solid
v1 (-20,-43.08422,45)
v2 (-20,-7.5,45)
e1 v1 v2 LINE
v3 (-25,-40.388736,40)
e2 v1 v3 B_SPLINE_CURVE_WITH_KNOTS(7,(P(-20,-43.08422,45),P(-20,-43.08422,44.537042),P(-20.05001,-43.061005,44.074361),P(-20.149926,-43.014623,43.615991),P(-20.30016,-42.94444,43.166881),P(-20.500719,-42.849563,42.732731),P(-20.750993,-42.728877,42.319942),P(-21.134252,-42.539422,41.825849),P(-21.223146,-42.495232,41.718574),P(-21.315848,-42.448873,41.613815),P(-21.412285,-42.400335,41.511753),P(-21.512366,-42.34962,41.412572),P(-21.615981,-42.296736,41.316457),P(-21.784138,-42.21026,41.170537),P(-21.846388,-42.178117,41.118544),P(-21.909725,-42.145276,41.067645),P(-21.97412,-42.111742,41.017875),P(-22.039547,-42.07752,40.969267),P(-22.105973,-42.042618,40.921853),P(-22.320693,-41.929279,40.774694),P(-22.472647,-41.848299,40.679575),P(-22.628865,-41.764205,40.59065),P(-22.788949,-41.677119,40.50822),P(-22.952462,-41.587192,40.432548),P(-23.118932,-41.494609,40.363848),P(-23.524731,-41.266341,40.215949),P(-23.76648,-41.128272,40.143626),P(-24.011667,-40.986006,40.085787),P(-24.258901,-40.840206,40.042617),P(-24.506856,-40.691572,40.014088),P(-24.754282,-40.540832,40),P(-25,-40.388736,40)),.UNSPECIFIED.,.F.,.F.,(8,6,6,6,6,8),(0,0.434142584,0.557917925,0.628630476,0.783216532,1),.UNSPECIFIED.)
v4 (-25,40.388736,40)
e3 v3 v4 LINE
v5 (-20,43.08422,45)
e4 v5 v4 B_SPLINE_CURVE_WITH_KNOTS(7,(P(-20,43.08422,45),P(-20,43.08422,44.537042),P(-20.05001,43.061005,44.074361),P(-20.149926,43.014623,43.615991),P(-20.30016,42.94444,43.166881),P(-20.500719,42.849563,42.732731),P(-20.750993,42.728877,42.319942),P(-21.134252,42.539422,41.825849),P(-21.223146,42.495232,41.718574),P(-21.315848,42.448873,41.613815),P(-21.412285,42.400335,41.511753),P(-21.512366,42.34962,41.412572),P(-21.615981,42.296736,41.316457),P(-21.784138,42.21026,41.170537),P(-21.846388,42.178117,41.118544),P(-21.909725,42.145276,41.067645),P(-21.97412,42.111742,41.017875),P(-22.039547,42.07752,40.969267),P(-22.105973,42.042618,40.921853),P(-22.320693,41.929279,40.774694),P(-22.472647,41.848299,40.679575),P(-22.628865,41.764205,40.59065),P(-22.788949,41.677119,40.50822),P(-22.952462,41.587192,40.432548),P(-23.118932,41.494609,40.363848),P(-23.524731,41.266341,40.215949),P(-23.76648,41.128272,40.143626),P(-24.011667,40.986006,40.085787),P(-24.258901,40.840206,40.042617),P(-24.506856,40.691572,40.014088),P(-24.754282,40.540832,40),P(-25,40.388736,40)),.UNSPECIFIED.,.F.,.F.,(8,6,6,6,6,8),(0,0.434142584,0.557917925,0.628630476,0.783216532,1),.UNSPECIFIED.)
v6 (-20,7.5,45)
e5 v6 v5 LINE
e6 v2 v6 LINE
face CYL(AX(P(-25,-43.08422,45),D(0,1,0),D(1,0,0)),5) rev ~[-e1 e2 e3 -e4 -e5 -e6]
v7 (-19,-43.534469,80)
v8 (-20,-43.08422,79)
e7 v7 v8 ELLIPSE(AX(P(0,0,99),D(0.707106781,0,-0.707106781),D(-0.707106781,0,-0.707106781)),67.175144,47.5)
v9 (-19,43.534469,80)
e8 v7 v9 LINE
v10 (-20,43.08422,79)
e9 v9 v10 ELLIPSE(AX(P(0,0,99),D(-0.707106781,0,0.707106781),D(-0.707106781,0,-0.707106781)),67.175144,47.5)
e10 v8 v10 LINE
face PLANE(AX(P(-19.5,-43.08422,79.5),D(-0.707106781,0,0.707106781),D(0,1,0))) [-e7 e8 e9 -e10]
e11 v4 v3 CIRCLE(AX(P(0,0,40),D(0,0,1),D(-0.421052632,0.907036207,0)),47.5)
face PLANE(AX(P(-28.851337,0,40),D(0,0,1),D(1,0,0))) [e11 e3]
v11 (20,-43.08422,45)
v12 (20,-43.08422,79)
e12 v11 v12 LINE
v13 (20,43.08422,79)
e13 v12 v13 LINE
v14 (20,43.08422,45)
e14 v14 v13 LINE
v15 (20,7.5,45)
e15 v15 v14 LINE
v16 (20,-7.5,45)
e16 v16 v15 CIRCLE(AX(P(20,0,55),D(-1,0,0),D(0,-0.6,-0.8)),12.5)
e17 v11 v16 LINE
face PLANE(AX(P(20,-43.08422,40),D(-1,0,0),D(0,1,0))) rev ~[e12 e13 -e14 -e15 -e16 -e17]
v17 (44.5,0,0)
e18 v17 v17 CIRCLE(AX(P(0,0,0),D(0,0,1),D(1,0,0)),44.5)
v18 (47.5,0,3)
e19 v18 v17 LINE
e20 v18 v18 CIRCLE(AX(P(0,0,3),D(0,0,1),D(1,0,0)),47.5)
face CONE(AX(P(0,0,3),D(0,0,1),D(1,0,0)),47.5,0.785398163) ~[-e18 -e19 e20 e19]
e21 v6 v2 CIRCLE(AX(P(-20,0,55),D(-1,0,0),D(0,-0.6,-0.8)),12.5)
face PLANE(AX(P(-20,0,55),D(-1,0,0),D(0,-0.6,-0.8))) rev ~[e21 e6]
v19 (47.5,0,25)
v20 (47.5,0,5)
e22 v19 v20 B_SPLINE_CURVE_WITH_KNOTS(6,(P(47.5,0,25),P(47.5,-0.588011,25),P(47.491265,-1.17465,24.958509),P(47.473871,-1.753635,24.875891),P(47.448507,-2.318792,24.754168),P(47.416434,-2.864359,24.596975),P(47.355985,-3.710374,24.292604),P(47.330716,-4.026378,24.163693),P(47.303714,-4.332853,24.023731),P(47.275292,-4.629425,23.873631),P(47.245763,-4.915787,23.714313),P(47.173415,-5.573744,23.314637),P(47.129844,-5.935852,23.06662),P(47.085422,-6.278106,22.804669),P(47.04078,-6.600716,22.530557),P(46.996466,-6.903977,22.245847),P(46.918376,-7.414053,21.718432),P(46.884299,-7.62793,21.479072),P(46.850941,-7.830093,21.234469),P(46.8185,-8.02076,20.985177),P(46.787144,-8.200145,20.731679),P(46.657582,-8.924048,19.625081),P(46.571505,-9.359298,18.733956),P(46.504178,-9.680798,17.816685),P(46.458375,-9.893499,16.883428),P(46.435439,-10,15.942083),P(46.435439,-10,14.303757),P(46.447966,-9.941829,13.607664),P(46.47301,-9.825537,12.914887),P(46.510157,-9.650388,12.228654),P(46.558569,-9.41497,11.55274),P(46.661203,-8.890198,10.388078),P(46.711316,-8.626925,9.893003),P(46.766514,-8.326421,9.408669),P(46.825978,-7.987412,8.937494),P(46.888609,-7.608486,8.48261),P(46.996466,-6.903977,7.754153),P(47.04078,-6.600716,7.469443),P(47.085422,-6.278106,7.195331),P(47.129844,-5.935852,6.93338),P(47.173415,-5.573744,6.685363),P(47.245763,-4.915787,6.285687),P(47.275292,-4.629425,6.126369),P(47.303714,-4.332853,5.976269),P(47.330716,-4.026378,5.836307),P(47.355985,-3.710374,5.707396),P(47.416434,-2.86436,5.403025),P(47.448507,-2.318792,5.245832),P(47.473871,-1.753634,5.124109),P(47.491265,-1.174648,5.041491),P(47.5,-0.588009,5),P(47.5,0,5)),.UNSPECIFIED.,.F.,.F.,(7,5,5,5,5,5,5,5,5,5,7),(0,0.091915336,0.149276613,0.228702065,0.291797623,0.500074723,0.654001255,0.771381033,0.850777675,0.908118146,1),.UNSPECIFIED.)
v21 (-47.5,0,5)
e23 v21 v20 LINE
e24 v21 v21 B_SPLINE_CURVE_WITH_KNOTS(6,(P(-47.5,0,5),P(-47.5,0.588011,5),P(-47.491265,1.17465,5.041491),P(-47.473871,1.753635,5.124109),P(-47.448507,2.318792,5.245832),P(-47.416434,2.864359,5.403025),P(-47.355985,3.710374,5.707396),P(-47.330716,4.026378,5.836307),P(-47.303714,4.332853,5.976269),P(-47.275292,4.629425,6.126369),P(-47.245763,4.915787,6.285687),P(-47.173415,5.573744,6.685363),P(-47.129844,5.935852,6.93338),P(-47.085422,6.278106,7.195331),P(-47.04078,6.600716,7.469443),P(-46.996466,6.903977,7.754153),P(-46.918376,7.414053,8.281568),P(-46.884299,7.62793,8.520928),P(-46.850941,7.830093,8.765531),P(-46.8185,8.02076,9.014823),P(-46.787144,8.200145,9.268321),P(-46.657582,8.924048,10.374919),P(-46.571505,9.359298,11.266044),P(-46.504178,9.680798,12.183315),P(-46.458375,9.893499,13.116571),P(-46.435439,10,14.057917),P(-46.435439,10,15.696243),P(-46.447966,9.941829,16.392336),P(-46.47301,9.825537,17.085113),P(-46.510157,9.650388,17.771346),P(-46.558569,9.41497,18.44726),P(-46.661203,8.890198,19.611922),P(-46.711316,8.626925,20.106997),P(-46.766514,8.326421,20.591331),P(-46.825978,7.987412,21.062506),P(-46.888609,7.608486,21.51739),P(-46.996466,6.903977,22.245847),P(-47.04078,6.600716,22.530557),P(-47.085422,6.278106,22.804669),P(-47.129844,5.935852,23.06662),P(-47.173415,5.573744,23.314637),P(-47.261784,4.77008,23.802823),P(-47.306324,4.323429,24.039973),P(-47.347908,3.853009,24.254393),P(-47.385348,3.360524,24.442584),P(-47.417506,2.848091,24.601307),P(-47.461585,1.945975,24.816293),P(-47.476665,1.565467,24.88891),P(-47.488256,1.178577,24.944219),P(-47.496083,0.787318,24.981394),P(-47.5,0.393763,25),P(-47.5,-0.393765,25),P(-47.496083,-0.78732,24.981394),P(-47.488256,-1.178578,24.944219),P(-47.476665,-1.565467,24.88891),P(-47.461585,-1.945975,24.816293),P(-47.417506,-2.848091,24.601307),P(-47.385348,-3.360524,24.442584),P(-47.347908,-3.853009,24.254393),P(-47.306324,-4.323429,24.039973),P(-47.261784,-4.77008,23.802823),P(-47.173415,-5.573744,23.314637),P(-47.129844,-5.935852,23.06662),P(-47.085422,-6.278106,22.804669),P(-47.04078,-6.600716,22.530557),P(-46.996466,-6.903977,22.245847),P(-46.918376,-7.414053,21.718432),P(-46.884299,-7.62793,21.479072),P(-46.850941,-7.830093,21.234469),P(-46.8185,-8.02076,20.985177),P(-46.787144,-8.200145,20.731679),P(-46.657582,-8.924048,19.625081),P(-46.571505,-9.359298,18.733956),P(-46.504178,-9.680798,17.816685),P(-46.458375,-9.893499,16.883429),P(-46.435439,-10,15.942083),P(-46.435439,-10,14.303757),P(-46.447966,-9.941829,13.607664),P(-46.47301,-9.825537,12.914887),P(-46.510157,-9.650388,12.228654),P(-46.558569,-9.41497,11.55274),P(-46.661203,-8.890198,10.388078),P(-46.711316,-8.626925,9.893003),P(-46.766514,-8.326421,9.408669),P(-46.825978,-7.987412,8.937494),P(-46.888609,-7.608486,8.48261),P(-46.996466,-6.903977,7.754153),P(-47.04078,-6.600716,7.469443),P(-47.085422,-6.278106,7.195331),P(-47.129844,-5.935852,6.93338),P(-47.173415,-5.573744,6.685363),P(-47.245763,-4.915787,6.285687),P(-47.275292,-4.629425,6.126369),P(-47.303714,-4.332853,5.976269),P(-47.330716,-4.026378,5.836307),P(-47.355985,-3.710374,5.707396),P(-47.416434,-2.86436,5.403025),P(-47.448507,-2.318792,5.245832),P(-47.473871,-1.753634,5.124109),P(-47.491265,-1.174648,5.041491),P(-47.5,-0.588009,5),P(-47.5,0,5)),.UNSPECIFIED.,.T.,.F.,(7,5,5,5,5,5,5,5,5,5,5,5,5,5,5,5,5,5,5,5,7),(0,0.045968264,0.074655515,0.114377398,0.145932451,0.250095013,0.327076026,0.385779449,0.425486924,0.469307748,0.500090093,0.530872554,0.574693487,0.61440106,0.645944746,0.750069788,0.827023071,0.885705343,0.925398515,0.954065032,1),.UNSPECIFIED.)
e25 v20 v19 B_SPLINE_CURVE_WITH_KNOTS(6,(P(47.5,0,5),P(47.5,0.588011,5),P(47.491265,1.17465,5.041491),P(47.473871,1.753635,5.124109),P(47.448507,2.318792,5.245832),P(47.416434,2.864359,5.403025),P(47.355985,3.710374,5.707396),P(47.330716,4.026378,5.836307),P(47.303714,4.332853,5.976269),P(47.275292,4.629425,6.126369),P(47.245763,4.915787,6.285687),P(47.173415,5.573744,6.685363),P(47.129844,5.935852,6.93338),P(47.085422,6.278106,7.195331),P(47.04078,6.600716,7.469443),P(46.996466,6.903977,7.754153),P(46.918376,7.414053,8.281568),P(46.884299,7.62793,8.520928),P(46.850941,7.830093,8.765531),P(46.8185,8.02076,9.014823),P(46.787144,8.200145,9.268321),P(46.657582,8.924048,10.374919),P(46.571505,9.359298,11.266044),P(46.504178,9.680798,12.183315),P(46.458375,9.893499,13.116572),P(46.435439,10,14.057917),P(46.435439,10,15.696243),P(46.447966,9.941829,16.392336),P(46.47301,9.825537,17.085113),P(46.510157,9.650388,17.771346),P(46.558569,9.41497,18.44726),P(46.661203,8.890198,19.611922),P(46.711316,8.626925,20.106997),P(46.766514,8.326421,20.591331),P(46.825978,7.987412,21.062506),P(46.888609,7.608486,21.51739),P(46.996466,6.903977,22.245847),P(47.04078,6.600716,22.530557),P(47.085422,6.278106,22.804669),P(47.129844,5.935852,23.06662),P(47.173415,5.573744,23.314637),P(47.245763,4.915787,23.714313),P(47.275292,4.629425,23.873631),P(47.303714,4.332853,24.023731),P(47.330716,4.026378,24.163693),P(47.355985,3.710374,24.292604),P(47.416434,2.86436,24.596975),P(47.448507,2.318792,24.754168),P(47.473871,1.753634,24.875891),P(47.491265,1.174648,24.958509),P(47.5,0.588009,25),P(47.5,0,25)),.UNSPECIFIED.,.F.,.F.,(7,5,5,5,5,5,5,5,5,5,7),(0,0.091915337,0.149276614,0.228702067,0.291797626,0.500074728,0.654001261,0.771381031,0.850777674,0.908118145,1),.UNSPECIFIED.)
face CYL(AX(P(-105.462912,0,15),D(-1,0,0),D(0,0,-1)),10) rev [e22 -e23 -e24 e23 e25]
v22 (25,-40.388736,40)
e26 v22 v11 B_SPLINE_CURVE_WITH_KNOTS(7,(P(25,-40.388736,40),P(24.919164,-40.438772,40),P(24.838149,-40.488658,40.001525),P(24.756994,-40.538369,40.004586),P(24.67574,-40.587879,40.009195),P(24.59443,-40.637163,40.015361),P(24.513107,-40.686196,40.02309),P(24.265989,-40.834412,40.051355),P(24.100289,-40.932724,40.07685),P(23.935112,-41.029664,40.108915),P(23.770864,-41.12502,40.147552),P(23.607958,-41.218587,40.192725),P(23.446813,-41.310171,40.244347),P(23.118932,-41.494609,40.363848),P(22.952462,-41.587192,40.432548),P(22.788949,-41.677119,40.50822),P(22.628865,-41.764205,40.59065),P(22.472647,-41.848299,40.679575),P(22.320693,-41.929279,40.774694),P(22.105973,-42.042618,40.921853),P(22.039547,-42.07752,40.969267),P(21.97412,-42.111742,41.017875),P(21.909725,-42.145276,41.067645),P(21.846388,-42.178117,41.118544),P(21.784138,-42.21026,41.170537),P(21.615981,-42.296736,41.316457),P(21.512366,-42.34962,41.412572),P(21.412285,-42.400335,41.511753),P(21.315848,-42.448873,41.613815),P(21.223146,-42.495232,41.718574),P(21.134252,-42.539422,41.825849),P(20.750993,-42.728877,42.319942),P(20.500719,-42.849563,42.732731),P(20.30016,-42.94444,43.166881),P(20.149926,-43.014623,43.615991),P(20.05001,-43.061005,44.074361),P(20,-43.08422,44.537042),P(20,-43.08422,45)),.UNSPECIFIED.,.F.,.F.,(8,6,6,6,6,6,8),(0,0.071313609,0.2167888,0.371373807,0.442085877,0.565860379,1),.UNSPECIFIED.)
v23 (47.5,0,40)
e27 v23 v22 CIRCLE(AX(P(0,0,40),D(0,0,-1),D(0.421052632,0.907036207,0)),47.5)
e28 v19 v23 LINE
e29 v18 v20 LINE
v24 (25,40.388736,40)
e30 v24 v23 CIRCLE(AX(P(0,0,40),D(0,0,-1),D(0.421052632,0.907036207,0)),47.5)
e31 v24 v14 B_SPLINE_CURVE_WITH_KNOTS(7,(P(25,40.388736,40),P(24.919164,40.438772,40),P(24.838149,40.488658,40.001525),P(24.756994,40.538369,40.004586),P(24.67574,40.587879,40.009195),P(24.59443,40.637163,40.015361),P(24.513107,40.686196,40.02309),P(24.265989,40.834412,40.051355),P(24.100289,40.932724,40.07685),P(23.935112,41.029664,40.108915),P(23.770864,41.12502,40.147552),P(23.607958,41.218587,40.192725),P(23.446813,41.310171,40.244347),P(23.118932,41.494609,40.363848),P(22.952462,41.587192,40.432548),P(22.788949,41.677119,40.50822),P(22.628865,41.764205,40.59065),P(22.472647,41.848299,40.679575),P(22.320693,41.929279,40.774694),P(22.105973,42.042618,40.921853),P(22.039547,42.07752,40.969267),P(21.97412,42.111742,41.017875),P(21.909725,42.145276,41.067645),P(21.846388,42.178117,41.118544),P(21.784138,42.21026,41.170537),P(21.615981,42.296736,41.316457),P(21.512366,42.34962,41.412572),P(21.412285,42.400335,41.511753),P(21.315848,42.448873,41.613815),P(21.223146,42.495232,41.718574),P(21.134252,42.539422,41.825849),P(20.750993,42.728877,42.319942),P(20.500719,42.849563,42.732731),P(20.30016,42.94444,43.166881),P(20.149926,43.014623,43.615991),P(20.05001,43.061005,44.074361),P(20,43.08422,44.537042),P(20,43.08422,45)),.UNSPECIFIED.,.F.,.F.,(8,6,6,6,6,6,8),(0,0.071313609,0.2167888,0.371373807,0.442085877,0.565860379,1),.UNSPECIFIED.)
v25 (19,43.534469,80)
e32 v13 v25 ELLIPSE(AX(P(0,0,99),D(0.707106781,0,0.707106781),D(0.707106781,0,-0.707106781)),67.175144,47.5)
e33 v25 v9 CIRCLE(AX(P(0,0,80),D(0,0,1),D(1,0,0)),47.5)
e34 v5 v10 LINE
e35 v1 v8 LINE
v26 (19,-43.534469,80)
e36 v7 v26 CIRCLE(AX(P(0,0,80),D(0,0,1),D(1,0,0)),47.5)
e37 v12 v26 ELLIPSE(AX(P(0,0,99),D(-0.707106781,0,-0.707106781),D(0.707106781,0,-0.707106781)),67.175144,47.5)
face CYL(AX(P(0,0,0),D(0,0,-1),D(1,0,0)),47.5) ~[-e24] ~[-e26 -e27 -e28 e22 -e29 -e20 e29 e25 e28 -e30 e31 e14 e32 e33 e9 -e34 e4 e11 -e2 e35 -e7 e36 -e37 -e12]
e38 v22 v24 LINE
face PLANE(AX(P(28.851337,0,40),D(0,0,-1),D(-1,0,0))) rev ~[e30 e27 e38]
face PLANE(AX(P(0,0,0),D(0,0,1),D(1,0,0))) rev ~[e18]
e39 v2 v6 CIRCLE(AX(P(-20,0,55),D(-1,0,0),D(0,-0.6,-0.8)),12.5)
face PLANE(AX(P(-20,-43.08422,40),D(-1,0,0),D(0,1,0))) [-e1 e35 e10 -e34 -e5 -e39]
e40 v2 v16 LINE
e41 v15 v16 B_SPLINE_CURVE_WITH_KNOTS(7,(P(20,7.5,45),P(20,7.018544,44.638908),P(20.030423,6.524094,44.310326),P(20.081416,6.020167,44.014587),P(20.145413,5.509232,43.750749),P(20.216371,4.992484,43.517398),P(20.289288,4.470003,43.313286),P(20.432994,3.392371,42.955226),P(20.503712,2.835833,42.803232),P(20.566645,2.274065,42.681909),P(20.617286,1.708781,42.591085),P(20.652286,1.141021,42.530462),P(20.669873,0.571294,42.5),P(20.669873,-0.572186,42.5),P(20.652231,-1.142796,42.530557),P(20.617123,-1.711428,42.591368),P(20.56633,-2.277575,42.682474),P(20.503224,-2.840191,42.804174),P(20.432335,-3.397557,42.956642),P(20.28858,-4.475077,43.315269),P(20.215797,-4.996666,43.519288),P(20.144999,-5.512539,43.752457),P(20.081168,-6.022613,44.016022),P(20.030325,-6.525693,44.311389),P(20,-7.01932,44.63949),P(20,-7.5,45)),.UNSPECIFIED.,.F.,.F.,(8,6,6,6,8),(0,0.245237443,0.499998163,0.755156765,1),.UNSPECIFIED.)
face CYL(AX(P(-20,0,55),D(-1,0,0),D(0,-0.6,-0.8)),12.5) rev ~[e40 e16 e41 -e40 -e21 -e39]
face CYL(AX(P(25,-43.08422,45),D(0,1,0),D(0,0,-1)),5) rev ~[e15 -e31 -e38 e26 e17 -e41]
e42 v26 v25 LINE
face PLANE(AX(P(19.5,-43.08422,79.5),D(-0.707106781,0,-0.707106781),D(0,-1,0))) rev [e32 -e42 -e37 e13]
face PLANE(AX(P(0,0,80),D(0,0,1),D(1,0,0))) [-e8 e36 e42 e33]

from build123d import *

# Parameters (mm, degrees)
SKETCH_1_R               = 47.5
EXTRUDE_1_DEPTH          = 80
CUT_EXTRUDE_START        = -40
CUT_EXTRUDE_1_DEPTH      = 40
FILLET_1_R               = 5
SKETCH_3_R               = 12.5
CUT_EXTRUDE_2_DEPTH      = 115.945639495
CHAMFER_1_SIZE           = 1
CHAMFER_2_SIZE           = 3
CUT_EXTRUDE_3_DEPTH      = 105.462912246
CUT_EXTRUDE_3_DEPTH_BACK = 105.462912246
SKETCH_4_R               = 10


with BuildPart() as part:
    # Эскиз1 → Бобышка-Вытянуть1 (new body)
    with BuildSketch(Plane.XY):
        Circle(SKETCH_1_R)
    extrude(amount=EXTRUDE_1_DEPTH)

    # Эскиз2 → Вырез-Вытянуть1 (cut)
    with BuildSketch(Plane.XY.offset(80).offset(CUT_EXTRUDE_START)):
        with BuildLine():
            Line((20, -43.084219849), (20, 43.084219849))
            ThreePointArc((20, 43.084219849), (47.5, 0), (20, -43.084219849))
        make_face()
        with BuildLine():
            Line((-20, -43.084219849), (-20, 43.084219849))
            ThreePointArc((-20, 43.084219849), (-47.5, 0), (-20, -43.084219849))
        make_face()
    extrude(amount=CUT_EXTRUDE_1_DEPTH, mode=Mode.SUBTRACT)

    # Скругление1
    fillet_1_edges = [part.edges().sort_by_distance(p)[0] for p in [
        (-20, 0, 40),
        (20, 0, 40),
    ]]
    fillet(fillet_1_edges, radius=FILLET_1_R)

    # Эскиз3 → Вырез-Вытянуть2 (cut, through all)
    with BuildSketch(Plane.ZY.offset(20)):
        with Locations(Location((55, 0, 0), (0, 0, 216.869897646))):
            Circle(SKETCH_3_R)
    extrude(amount=-CUT_EXTRUDE_2_DEPTH, mode=Mode.SUBTRACT)

    # Фаска1
    chamfer_1_edges = [part.edges().sort_by_distance(p)[0] for p in [
        (-20, 0, 80),
        (20, 0, 80),
    ]]
    chamfer(chamfer_1_edges, length=CHAMFER_1_SIZE)

    # Фаска2
    chamfer_2_edges = [part.edges().sort_by_distance(p)[0] for p in [
        (-47.5, 0, 0),
    ]]
    chamfer(chamfer_2_edges, length=CHAMFER_2_SIZE)

    # Эскиз4 → Вырез-Вытянуть3 (cut, two sides: drawn at the far end of the back side and taken through both)
    with BuildSketch(Plane(origin=(0, 0, 0), x_dir=(0, 0, -1), z_dir=(1, 0, 0)).offset(-CUT_EXTRUDE_3_DEPTH_BACK)):
        with Locations((-15, 0)):
            Circle(SKETCH_4_R)
    extrude(amount=CUT_EXTRUDE_3_DEPTH + CUT_EXTRUDE_3_DEPTH_BACK, mode=Mode.SUBTRACT)


solid = part.part
